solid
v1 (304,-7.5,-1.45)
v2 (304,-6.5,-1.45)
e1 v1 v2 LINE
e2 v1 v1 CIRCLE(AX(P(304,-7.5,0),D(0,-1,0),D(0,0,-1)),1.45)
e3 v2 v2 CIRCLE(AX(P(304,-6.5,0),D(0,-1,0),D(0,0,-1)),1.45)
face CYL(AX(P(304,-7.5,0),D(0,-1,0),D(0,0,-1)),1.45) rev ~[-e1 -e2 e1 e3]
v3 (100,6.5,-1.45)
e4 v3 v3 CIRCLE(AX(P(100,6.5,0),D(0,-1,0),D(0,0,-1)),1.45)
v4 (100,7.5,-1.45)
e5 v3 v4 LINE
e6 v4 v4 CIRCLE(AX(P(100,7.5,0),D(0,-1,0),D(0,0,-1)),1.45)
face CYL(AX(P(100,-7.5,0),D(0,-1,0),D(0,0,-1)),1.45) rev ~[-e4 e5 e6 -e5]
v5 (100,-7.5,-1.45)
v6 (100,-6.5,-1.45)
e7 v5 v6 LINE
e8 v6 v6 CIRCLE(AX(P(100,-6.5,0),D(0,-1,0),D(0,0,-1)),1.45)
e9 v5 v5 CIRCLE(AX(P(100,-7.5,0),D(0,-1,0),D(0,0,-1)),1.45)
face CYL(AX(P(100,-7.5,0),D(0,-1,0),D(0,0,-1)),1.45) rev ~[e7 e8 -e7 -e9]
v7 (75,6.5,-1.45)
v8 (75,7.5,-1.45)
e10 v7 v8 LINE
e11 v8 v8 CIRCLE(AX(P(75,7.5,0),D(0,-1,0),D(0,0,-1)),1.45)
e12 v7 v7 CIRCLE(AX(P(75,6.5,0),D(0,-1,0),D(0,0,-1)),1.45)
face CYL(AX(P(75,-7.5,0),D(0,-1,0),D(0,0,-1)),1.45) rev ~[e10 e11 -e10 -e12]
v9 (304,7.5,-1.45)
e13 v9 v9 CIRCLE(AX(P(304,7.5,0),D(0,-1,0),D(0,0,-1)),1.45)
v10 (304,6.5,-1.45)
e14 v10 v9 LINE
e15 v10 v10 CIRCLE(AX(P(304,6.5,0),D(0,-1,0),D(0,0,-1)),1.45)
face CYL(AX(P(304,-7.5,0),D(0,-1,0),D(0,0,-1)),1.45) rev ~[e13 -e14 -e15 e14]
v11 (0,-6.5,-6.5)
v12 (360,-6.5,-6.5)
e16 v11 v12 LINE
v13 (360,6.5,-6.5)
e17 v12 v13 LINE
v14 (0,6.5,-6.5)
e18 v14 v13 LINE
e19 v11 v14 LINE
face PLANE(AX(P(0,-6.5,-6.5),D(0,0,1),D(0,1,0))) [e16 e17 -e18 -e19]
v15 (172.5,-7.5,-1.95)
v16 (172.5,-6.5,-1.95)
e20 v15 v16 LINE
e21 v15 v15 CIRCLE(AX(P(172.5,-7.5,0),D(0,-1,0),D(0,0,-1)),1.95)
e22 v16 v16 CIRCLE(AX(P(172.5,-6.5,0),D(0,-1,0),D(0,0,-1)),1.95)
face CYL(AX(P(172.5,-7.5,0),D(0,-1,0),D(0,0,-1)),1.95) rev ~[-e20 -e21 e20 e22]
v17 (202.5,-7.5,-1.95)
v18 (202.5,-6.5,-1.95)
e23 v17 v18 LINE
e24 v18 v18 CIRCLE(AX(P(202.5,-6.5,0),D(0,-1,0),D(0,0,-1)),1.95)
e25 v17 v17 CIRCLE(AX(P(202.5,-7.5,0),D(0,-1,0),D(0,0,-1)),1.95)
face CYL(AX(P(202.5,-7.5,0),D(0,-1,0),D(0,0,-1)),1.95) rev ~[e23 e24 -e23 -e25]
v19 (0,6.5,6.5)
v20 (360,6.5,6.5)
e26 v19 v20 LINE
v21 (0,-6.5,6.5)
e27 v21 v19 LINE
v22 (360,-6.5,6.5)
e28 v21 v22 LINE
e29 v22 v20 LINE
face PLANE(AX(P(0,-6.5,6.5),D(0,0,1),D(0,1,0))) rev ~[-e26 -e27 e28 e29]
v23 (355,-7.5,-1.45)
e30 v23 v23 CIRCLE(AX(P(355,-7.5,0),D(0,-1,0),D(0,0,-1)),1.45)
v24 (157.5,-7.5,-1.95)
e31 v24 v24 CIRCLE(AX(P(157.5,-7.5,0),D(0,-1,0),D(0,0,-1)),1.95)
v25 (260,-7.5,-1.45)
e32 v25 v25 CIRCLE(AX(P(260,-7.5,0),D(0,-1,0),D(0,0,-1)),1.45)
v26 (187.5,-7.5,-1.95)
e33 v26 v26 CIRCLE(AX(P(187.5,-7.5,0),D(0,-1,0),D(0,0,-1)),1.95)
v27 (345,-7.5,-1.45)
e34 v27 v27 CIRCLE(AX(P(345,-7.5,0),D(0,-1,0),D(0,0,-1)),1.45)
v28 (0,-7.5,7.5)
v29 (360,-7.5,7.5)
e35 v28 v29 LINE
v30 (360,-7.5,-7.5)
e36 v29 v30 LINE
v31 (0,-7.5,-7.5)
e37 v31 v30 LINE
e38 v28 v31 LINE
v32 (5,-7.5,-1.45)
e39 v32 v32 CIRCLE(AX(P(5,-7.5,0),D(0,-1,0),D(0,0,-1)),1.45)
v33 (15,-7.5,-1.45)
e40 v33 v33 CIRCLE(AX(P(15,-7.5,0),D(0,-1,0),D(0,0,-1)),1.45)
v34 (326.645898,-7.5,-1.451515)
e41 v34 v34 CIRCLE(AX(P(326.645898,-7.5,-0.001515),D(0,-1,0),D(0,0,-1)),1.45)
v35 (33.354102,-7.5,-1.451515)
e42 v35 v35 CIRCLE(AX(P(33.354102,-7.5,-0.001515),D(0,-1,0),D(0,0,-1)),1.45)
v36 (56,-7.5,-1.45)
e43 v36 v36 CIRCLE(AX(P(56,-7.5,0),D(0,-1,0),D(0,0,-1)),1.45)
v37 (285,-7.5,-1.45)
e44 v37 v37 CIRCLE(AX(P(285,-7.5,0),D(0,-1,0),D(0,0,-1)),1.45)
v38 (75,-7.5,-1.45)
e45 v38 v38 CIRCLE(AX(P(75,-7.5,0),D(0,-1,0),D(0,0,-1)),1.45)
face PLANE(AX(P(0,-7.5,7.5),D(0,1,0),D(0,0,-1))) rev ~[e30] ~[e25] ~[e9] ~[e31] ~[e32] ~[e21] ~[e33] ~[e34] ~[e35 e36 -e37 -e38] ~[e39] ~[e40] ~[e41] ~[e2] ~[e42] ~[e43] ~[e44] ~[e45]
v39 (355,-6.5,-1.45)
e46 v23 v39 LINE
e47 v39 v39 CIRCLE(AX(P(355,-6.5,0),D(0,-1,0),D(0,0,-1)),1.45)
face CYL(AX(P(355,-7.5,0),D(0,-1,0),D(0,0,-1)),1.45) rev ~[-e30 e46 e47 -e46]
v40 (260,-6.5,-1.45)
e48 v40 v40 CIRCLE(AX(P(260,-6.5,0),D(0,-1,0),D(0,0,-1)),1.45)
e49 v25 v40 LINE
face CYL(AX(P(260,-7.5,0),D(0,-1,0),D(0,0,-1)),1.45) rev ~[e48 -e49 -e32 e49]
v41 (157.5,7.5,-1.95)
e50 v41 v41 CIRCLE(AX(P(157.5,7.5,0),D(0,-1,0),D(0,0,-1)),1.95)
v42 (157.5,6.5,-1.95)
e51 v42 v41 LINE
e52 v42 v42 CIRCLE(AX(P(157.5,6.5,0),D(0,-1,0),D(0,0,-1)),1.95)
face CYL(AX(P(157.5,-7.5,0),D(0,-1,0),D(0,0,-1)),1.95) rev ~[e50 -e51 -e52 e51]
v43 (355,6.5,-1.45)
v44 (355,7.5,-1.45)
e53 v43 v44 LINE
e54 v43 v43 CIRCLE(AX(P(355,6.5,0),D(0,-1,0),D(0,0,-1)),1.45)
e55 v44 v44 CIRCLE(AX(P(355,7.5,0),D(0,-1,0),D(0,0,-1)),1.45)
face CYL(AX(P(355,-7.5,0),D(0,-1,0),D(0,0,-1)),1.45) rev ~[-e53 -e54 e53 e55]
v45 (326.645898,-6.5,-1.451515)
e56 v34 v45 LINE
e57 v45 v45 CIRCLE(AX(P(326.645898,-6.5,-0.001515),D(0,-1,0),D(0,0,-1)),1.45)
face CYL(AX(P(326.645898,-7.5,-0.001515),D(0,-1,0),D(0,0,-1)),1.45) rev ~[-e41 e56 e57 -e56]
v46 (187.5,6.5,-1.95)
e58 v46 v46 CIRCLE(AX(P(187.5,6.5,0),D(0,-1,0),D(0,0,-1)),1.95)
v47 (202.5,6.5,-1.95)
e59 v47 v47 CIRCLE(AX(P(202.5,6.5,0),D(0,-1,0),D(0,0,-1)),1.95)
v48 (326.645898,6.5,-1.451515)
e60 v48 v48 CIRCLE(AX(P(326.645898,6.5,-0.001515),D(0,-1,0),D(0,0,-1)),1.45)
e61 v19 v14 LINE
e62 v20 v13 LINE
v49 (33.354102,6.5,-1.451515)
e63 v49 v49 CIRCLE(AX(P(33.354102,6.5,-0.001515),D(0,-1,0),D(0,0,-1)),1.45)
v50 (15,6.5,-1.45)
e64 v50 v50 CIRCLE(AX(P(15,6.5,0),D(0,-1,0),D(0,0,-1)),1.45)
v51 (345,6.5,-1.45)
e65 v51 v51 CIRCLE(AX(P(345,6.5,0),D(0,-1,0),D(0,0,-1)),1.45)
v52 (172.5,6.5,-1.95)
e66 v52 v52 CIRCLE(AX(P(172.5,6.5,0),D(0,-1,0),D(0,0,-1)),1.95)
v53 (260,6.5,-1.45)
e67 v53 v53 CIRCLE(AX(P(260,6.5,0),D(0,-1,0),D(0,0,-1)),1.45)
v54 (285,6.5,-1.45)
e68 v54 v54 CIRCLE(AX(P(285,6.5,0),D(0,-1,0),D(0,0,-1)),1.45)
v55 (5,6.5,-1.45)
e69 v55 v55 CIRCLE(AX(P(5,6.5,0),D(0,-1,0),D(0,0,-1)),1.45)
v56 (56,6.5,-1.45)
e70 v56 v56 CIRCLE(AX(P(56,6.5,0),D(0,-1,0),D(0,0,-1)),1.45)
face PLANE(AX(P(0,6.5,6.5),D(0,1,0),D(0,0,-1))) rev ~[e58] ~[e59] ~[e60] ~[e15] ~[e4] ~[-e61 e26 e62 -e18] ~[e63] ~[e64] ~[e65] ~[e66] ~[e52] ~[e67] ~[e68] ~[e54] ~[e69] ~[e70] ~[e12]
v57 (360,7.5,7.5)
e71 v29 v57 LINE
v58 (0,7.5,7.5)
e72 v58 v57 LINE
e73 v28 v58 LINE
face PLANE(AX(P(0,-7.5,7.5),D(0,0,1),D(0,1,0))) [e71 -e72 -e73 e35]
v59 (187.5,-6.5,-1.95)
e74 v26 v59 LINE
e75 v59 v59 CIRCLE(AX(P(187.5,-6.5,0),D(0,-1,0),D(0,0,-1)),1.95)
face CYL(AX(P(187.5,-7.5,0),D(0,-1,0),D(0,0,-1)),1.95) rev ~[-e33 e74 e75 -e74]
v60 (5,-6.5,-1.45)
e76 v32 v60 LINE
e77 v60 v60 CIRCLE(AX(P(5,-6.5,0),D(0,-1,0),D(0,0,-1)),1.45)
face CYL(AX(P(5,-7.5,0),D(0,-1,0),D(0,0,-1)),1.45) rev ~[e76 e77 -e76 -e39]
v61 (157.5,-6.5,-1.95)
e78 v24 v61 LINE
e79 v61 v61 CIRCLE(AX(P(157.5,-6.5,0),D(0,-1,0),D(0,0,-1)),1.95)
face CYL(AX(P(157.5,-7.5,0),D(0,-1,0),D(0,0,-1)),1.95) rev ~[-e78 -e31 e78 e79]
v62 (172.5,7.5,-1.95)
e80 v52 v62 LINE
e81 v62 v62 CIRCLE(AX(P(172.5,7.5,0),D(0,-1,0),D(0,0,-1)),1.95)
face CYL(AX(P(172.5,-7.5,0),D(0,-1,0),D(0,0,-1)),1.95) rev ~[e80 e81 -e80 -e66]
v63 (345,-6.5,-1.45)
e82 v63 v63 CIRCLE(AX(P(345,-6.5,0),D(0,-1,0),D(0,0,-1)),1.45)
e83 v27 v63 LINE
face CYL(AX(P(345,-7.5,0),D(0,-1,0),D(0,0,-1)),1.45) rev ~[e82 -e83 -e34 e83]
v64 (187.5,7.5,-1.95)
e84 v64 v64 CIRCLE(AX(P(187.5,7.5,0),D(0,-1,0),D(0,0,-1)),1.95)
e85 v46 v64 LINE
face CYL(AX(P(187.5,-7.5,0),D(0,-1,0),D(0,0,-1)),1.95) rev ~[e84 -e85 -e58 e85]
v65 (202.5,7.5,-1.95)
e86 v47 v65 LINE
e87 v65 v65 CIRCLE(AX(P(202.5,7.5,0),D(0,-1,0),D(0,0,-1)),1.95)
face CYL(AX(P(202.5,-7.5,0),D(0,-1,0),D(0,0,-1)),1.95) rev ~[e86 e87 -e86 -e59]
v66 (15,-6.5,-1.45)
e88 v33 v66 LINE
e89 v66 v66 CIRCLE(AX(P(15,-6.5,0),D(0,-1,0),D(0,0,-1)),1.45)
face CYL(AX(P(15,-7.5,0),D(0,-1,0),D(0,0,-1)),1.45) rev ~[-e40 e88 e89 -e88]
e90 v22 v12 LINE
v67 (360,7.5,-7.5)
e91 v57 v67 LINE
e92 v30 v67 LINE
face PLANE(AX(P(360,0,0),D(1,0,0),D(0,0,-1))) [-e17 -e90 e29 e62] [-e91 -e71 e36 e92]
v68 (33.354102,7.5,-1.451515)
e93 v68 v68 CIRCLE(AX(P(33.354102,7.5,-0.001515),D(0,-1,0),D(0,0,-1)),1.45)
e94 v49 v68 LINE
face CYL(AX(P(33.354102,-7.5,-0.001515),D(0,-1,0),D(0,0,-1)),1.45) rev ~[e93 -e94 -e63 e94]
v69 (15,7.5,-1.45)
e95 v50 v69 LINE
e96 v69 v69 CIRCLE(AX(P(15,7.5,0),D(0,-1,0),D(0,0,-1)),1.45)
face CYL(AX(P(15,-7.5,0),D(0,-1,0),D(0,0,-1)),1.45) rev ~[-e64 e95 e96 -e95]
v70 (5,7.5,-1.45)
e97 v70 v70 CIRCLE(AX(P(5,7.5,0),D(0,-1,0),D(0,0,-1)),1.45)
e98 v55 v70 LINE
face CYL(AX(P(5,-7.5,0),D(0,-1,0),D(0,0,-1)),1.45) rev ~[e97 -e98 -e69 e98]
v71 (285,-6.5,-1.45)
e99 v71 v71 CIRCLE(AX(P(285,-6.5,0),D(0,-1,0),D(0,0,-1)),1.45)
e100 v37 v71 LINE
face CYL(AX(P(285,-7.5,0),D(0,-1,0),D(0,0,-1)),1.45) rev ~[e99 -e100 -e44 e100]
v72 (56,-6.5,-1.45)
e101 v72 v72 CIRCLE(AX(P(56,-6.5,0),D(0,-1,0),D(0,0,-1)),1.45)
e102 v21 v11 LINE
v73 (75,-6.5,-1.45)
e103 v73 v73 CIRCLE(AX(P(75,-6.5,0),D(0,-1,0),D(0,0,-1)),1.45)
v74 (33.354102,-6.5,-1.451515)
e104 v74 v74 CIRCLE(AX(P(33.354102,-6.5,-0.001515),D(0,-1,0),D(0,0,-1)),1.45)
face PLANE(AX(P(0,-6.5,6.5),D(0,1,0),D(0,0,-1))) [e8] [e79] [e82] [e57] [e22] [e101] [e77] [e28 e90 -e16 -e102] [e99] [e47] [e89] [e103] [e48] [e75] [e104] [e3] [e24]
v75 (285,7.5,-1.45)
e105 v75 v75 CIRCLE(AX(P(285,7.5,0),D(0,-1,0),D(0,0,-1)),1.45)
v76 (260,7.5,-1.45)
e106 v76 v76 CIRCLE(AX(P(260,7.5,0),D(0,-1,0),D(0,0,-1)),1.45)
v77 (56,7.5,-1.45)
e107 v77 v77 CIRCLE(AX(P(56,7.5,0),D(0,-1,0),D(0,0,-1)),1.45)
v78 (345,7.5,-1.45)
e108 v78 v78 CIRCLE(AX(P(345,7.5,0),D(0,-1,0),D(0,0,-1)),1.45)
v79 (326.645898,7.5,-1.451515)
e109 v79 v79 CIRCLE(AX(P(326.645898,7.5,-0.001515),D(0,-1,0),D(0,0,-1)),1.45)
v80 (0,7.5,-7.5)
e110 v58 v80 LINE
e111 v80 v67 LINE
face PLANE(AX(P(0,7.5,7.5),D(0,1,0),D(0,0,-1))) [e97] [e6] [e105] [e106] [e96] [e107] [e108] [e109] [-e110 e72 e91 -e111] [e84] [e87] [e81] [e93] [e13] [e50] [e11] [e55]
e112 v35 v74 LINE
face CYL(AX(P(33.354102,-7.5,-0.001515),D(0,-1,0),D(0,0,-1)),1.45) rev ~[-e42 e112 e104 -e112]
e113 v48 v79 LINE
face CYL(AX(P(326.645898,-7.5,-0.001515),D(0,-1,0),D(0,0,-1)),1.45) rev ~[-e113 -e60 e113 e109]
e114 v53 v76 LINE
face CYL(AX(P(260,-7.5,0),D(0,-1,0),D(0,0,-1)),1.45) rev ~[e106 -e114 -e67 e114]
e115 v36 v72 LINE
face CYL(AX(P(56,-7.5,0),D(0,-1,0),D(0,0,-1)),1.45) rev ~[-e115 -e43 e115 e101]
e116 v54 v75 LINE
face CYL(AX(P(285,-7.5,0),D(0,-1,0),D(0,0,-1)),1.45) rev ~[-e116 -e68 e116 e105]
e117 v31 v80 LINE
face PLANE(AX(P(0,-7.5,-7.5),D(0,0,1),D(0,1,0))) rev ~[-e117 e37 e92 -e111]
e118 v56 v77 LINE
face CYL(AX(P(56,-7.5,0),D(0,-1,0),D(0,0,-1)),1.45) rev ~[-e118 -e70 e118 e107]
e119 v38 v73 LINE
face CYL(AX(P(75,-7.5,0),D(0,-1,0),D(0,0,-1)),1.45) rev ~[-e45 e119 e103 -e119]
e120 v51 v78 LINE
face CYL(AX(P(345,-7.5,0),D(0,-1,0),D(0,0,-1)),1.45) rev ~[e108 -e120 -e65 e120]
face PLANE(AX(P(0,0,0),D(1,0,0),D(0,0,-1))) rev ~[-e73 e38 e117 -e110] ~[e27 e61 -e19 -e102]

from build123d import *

# Parameters (mm, degrees)
SKETCH_1_W          = 15
SKETCH_1_H          = 15
SKETCH_1_W_2        = 13
SKETCH_1_H_2        = 13
EXTRUDE_1_DEPTH     = 360
SKETCH_2_R          = 1.45
SKETCH_2_R_2        = 1.95
CUT_EXTRUDE_1_DEPTH = 361.390413302


with BuildPart() as part:
    # 草图1 → 凸台-拉伸1 (new body)
    with BuildSketch(Plane(origin=(0, 0, 0), x_dir=(0, 0, -1), z_dir=(1, 0, 0))):
        Rectangle(SKETCH_1_W, SKETCH_1_H)
        Rectangle(SKETCH_1_W_2, SKETCH_1_H_2, mode=Mode.SUBTRACT)
    extrude(amount=EXTRUDE_1_DEPTH)

    # 草图2 → 切除-拉伸1 (cut, through all)
    with BuildSketch(Plane.XZ.offset(7.5)):
        with Locations(Location((355, 0, 0), (0, 0, 270))):
            Circle(SKETCH_2_R)
        with Locations(Location((345, 0, 0), (0, 0, 270))):
            Circle(SKETCH_2_R)
        with Locations(Location((285, 0, 0), (0, 0, 270))):
            Circle(SKETCH_2_R)
        with Locations(Location((260, 0, 0), (0, 0, 270))):
            Circle(SKETCH_2_R)
        with Locations(Location((202.5, 0, 0), (0, 0, 270))):
            Circle(SKETCH_2_R_2)
        with Locations(Location((187.5, 0, 0), (0, 0, 270))):
            Circle(SKETCH_2_R_2)
        with Locations(Location((172.5, 0, 0), (0, 0, 270))):
            Circle(SKETCH_2_R_2)
        with Locations(Location((157.5, 0, 0), (0, 0, 270))):
            Circle(SKETCH_2_R_2)
        with Locations(Location((100, 0, 0), (0, 0, 270))):
            Circle(SKETCH_2_R)
        with Locations(Location((75, 0, 0), (0, 0, 270))):
            Circle(SKETCH_2_R)
        with Locations(Location((15, 0, 0), (0, 0, 270))):
            Circle(SKETCH_2_R)
        with Locations(Location((5, 0, 0), (0, 0, 270))):
            Circle(SKETCH_2_R)
        with Locations(Location((33.354101966, -0.00151519, 0), (0, 0, 270))):
            Circle(SKETCH_2_R)
        with Locations(Location((326.645898034, -0.00151519, 0), (0, 0, 270))):
            Circle(SKETCH_2_R)
        with Locations(Location((56, 0, 0), (0, 0, 270))):
            Circle(SKETCH_2_R)
        with Locations(Location((304, 0, 0), (0, 0, 270))):
            Circle(SKETCH_2_R)
    extrude(amount=-CUT_EXTRUDE_1_DEPTH, mode=Mode.SUBTRACT)


solid = part.part
